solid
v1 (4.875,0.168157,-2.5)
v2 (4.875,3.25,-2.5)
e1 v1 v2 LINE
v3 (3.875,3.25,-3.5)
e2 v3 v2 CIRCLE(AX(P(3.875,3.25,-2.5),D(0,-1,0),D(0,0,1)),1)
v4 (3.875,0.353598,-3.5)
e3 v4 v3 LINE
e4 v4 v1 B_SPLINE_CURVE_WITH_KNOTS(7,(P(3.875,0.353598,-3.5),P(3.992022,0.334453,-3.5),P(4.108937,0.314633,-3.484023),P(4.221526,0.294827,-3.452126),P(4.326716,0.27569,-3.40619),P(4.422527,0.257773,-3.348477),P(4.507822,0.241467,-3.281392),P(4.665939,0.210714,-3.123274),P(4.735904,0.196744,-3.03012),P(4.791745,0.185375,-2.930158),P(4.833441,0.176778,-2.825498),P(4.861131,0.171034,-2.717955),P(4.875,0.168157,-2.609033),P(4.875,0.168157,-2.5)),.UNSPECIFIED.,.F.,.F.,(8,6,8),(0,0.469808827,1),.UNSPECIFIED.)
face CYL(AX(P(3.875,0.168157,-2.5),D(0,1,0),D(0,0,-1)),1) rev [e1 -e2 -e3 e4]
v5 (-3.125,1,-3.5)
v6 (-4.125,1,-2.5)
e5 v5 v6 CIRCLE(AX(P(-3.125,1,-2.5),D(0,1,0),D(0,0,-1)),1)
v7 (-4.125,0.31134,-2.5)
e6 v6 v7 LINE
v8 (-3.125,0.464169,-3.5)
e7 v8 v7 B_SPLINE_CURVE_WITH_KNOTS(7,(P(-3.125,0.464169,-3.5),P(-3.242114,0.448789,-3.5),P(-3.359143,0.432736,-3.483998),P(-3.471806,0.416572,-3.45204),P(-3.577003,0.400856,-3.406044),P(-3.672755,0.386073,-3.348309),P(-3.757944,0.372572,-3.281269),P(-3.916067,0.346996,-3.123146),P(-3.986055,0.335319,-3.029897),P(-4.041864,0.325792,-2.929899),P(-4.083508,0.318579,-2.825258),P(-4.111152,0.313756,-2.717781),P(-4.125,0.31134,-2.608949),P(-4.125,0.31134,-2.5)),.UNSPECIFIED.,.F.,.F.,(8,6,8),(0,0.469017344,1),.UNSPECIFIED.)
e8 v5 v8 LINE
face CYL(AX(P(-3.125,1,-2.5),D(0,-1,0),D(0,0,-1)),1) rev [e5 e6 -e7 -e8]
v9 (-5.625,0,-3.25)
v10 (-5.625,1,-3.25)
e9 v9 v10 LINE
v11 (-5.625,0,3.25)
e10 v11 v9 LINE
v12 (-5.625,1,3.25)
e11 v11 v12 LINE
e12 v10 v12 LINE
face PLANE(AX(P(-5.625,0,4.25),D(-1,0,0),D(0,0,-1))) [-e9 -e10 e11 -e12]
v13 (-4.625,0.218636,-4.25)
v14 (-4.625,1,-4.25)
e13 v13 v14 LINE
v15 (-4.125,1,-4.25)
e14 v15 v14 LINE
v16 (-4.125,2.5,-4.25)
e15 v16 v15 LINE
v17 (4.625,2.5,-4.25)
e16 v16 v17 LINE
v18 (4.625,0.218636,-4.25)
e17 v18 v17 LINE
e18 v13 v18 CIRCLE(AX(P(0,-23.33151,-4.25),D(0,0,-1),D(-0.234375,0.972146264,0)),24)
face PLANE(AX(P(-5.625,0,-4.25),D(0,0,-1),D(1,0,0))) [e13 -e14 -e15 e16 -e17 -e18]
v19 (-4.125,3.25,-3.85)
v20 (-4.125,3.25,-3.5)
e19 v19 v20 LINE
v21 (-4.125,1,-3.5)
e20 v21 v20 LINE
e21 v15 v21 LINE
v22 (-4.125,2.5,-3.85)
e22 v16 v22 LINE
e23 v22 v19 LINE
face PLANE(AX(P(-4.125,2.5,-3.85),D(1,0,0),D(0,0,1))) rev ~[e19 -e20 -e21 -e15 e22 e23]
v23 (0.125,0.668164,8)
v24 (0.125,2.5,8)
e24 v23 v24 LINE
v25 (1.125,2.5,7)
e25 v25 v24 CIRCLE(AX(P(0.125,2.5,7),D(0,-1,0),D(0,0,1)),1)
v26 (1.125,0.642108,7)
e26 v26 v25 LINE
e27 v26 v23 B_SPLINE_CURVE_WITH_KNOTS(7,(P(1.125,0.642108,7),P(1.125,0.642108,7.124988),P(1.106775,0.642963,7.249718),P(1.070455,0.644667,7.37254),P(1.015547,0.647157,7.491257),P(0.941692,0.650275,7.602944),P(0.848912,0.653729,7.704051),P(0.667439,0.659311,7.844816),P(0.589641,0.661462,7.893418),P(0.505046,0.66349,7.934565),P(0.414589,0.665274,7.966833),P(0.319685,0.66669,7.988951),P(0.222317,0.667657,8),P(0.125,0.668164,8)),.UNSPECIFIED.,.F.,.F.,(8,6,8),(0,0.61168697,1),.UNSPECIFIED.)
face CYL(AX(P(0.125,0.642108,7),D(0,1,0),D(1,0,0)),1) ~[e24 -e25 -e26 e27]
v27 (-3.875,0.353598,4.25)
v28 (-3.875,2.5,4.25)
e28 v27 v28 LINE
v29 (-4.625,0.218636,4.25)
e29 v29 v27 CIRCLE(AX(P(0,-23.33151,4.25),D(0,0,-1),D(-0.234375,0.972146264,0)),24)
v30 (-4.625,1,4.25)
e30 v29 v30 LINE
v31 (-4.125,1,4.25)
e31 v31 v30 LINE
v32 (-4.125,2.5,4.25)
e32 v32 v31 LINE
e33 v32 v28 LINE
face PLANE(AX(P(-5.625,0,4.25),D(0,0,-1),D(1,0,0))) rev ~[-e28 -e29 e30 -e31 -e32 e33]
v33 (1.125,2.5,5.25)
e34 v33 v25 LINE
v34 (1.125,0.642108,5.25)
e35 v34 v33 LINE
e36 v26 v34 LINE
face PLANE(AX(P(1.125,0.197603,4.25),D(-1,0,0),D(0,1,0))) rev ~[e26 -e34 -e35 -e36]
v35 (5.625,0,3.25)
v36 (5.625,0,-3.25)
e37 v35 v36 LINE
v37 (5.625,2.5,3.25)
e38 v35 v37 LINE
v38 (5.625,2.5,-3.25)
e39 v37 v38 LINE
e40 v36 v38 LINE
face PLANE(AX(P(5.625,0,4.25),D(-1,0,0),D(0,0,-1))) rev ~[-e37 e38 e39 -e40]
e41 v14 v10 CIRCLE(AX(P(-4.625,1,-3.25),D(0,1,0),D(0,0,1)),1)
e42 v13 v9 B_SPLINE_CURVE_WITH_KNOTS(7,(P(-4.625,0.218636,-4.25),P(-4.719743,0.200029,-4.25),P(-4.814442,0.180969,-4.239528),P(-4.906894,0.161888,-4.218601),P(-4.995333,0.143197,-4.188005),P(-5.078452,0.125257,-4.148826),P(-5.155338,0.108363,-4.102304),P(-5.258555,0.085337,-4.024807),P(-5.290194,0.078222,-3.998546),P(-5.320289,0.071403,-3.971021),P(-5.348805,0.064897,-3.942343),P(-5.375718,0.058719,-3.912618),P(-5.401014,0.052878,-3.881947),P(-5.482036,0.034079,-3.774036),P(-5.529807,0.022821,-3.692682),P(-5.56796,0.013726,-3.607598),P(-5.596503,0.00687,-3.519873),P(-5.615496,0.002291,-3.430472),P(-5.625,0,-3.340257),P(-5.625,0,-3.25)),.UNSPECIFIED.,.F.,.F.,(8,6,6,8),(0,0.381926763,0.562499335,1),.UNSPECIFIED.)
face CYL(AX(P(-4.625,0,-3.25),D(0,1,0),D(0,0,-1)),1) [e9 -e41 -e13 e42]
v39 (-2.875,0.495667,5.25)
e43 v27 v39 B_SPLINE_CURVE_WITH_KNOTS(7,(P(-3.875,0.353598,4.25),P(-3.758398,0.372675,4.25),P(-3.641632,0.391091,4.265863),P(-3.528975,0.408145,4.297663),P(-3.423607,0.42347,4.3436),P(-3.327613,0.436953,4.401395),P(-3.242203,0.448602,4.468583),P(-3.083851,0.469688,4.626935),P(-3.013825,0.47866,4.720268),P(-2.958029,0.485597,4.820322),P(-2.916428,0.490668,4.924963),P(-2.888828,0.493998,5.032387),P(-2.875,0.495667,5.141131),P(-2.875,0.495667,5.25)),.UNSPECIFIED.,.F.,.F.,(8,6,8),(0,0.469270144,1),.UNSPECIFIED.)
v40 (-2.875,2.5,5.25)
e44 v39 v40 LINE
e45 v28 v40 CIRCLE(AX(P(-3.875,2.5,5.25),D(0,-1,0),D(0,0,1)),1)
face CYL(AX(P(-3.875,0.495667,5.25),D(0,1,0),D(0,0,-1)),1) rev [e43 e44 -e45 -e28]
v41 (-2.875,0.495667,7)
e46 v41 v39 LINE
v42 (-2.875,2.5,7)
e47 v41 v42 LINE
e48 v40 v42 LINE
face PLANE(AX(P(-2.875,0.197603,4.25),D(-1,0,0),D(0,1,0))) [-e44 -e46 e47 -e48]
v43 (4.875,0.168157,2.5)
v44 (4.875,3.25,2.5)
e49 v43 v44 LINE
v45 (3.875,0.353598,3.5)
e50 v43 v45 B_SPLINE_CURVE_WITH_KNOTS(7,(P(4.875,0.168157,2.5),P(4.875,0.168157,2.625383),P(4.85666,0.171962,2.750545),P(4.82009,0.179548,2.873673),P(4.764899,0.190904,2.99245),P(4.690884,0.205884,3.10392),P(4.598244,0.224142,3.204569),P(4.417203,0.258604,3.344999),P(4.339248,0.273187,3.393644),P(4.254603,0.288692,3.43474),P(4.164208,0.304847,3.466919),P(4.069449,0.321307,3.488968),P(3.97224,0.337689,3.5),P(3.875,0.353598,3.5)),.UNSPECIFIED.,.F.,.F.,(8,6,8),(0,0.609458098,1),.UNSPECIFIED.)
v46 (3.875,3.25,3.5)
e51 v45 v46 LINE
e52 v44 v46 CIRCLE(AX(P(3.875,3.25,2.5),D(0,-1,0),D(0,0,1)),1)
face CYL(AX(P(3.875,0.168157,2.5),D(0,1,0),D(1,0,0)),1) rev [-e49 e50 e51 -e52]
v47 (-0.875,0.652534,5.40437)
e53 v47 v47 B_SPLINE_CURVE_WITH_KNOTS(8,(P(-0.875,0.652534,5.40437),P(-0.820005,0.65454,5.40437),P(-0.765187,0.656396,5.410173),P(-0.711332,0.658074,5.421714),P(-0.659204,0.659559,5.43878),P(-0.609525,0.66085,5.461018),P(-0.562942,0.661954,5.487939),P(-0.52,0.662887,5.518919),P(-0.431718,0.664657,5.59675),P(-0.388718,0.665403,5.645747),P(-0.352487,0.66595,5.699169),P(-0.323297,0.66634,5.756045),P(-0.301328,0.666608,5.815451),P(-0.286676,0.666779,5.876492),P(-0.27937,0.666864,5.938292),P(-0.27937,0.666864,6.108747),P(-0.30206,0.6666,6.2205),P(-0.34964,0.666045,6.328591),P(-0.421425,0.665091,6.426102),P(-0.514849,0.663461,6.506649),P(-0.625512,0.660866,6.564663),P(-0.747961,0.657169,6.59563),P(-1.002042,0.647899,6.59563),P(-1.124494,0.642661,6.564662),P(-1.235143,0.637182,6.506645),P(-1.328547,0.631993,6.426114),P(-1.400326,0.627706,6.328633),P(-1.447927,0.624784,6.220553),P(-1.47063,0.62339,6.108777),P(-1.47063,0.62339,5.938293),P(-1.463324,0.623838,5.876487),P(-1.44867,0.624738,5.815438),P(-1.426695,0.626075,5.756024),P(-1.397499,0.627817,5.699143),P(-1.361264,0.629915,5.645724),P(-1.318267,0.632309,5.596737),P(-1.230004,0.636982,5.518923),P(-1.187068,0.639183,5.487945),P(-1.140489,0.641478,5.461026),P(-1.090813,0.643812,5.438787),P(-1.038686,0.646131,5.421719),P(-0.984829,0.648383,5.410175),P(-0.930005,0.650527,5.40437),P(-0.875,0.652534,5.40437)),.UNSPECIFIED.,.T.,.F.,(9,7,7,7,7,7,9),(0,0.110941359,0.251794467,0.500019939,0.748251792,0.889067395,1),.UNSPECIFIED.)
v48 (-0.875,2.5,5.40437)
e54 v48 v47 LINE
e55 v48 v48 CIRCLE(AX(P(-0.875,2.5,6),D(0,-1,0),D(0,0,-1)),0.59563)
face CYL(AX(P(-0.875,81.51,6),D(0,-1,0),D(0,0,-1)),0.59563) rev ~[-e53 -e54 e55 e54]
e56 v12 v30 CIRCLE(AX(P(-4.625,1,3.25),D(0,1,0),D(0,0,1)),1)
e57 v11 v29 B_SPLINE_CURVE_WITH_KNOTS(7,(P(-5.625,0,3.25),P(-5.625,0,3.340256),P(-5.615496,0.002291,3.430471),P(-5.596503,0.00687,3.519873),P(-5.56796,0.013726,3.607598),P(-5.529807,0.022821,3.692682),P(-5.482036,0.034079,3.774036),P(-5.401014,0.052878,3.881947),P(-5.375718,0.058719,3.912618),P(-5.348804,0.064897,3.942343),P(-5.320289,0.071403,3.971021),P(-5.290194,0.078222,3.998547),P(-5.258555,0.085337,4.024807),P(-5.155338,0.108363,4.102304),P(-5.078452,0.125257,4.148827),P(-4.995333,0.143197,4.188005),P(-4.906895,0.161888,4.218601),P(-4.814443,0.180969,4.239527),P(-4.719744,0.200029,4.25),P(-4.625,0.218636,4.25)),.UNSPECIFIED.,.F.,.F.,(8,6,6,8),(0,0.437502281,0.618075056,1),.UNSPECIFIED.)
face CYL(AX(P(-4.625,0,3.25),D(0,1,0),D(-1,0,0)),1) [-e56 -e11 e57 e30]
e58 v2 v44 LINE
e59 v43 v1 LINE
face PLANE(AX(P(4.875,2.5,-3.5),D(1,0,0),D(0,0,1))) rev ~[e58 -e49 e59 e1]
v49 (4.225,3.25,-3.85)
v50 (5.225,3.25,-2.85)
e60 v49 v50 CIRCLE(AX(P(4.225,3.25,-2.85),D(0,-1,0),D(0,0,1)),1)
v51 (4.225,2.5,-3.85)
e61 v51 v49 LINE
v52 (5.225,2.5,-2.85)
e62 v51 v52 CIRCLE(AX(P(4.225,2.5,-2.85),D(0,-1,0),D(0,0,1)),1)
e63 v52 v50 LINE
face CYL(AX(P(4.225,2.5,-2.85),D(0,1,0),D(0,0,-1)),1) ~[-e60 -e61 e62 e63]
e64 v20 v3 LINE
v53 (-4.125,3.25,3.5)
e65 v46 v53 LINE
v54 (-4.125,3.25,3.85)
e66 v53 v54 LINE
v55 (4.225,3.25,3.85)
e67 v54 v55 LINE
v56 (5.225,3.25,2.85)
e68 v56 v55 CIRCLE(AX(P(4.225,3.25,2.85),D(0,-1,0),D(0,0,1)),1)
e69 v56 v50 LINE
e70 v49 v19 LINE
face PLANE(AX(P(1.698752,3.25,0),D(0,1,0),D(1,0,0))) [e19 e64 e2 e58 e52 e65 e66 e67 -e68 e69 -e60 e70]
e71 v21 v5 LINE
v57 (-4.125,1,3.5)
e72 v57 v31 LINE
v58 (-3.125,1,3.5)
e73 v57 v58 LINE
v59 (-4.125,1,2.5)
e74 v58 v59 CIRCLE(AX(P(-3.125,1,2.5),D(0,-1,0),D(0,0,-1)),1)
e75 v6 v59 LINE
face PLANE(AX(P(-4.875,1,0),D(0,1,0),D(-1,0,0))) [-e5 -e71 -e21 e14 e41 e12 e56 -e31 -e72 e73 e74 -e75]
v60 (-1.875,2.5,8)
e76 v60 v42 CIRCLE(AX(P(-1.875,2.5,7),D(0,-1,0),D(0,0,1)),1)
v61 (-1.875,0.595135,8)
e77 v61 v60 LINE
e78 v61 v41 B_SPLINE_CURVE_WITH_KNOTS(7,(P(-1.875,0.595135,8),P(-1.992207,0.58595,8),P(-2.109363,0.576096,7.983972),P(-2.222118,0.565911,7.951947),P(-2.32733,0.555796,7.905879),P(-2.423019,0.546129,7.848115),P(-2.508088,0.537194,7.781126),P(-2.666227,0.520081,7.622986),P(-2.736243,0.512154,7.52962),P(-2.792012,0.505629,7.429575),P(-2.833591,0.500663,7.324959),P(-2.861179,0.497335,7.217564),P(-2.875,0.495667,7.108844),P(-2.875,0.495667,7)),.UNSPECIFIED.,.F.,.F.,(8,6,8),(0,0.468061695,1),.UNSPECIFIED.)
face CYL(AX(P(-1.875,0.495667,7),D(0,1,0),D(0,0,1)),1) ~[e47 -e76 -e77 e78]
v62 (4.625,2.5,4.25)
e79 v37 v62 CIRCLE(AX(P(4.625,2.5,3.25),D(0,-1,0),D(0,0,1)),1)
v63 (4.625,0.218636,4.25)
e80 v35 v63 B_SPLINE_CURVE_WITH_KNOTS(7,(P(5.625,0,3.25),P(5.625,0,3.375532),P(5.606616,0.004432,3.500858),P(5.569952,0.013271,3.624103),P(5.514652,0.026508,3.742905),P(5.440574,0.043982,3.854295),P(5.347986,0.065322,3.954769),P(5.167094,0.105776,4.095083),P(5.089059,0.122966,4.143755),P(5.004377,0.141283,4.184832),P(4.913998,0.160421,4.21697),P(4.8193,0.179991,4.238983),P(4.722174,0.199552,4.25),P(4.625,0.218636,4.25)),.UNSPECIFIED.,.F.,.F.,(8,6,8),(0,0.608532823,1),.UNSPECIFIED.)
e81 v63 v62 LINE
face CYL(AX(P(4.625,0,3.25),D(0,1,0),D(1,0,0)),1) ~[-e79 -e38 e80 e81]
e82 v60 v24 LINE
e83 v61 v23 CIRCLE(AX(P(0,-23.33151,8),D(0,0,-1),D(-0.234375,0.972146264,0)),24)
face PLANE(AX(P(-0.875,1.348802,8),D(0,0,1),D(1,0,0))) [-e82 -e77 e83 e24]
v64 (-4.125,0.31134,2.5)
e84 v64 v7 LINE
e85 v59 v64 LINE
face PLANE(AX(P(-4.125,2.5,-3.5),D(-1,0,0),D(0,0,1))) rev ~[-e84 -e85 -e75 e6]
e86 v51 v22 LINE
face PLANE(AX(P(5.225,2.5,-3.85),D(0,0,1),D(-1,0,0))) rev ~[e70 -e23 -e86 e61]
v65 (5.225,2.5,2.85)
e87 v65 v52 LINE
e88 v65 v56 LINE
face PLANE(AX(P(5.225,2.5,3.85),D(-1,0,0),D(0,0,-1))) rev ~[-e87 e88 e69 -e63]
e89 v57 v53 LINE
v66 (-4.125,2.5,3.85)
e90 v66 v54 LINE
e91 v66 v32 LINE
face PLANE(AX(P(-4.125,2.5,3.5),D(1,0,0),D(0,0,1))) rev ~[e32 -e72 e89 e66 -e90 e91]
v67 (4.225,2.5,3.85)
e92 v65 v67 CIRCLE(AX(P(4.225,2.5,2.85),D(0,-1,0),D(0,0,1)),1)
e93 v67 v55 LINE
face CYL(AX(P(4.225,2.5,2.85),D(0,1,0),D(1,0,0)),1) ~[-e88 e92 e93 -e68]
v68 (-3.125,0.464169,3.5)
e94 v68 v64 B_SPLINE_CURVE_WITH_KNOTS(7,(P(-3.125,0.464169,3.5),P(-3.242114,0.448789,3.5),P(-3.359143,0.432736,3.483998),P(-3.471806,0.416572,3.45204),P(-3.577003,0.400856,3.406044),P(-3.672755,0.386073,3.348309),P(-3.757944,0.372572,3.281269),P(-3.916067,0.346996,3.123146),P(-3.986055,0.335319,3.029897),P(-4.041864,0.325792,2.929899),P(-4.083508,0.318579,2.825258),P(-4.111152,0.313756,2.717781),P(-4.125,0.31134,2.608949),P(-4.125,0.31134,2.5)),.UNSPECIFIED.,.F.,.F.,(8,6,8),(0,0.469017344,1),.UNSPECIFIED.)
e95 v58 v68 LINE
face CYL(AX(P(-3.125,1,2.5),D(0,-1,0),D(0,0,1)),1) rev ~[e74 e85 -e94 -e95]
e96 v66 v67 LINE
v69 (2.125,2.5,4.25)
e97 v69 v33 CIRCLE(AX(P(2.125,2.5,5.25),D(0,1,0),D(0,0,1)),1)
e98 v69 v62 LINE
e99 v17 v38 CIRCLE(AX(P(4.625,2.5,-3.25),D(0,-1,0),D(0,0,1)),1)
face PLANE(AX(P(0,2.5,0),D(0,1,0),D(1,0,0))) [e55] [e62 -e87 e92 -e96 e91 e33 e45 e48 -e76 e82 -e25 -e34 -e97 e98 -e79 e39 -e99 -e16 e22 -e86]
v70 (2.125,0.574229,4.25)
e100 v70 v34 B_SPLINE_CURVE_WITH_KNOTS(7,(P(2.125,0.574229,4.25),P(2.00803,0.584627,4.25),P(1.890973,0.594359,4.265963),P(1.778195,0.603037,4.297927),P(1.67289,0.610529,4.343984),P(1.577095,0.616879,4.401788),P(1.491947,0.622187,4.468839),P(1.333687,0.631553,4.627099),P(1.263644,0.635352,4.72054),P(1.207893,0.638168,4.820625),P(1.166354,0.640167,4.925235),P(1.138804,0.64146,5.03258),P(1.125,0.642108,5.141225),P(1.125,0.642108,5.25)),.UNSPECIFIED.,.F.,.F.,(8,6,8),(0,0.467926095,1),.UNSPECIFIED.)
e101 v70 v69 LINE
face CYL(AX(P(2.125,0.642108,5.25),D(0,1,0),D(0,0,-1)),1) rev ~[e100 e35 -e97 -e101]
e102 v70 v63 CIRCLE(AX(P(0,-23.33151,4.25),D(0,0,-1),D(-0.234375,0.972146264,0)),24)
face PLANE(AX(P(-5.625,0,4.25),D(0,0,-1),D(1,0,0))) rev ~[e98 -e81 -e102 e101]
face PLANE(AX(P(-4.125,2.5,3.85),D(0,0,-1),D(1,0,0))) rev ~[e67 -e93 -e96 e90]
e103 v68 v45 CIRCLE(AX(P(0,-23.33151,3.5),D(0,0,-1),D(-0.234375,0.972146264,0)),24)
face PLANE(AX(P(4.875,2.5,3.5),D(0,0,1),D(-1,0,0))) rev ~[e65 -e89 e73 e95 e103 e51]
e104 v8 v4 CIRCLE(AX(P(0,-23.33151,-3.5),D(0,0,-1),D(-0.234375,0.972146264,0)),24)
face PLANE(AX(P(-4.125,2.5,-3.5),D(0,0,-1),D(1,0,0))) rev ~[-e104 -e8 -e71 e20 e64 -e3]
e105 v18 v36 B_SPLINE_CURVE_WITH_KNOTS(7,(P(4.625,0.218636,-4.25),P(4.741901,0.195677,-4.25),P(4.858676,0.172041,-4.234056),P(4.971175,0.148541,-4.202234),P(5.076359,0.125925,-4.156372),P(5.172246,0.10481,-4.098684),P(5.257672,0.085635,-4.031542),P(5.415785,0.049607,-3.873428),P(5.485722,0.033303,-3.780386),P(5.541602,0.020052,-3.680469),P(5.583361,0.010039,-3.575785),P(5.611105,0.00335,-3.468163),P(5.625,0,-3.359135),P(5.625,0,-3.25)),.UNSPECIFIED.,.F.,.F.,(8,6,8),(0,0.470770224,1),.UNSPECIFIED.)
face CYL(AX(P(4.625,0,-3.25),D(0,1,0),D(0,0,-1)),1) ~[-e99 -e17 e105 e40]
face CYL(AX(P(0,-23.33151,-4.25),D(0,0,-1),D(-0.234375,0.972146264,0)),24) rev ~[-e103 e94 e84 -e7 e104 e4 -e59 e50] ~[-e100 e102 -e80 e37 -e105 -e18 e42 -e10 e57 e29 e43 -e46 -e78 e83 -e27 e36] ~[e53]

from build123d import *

# Parameters (mm, degrees)
SKETCH5_W                 = 11.25
SKETCH5_H                 = 8.5
EXTRUDE4_DEPTH            = 2.5
SKETCH19_W                = 1.5
SKETCH19_H                = 8.5
EXTRUDE12_DEPTH           = 1.5
SKETCH21_W                = 9
SKETCH21_H                = 7
EXTRUDE13_DEPTH           = 3.5
SKETCH22_W                = 4
SKETCH22_H                = 2.302396537
EXTRUDE14_DEPTH           = 3.75
EXTRUDE15_DEPTH           = 0.75
EXTRUDE18_DEPTH           = 13.25
F_0_80_TAPPED_HOLE1_D     = 1.19126
F_0_80_TAPPED_HOLE1_DEPTH = 79.01
F_0_80_TAPPED_HOLE1_TIP   = 0.357890611
FILLET4_R                 = 1


with BuildPart() as part:
    # Sketch5 → Extrude4 (new body)
    with BuildSketch(Plane(origin=(0, 0, 0), x_dir=(1, 0, 0), z_dir=(0, 1, 0))):
        Rectangle(SKETCH5_W, SKETCH5_H)
    extrude(amount=EXTRUDE4_DEPTH)

    # Sketch19 → Extrude12 (cut)
    with BuildSketch(Plane(origin=(0, 2.5, 0), x_dir=(-1, 0, 0), z_dir=(0, 1, 0))):
        with Locations((4.875, 0)):
            Rectangle(SKETCH19_W, SKETCH19_H)
    extrude(amount=-EXTRUDE12_DEPTH, mode=Mode.SUBTRACT)

    # Sketch21 → Extrude13 (cut, through all)
    with BuildSketch(Plane(origin=(0, 2.5, 0), x_dir=(-1, 0, 0), z_dir=(0, 1, 0))):
        with Locations((-0.375, 0)):
            Rectangle(SKETCH21_W, SKETCH21_H)
    extrude(amount=-EXTRUDE13_DEPTH, mode=Mode.SUBTRACT)

    # Sketch22 → Extrude14 (add)
    with BuildSketch(Plane.XY.offset(4.25)):
        with Locations((-0.875, 1.348801732)):
            Rectangle(SKETCH22_W, SKETCH22_H)
    extrude(amount=EXTRUDE14_DEPTH)

    # Sketch24 → Extrude15 (add)
    with BuildSketch(Plane(origin=(0, 2.5, 0), x_dir=(1, 0, 0), z_dir=(0, 1, 0))):
        Polygon((-4.125, 3.85), (-4.125, 3.5), (4.875, 3.5), (4.875, -3.5), (-4.125, -3.5), (-4.125, -3.85), (5.225, -3.85), (5.225, 3.85), align=None)
    extrude(amount=EXTRUDE15_DEPTH)

    # Sketch33 → Extrude18 (cut, through all)
    with BuildSketch(Plane(origin=(0, 0, -4.25), x_dir=(-1, 0, 0), z_dir=(0, 0, -1))):
        with BuildLine():
            Line((38.114202873, -7.832830513), (5.625, 0))
            ThreePointArc((5.625, 0), (0, 0.668489655), (-5.625, 0))
            Line((-5.625, 0), (-38.114202873, -7.832830513))
            Line((-38.114202873, -7.832830513), (-38.114202873, -74.672984228))
            Line((-38.114202873, -74.672984228), (38.114202873, -74.672984228))
            Line((38.114202873, -74.672984228), (38.114202873, -7.832830513))
        make_face()
    extrude(amount=-EXTRUDE18_DEPTH, mode=Mode.SUBTRACT)

    # #0-80 Tapped Hole1
    with Locations(Plane(origin=(-0.875, 2.5, 6), x_dir=(0, 0, 1), z_dir=(0, 1, 0))):
        with Locations((0, 0)):
            Hole(F_0_80_TAPPED_HOLE1_D / 2, depth=F_0_80_TAPPED_HOLE1_DEPTH)
            with Locations((0, 0, -(F_0_80_TAPPED_HOLE1_DEPTH + F_0_80_TAPPED_HOLE1_TIP / 2))):  # 118° drill point
                Cone(0, F_0_80_TAPPED_HOLE1_D / 2, F_0_80_TAPPED_HOLE1_TIP, mode=Mode.SUBTRACT)

    # Fillet4
    fillet4_edges = [part.edges().sort_by_distance(p)[0] for p in [
        (5.625, 1.25, -4.25),
        (5.225, 2.875, -3.85),
        (5.625, 1.25, 4.25),
        (5.225, 2.875, 3.85),
        (4.875, 1.709078603, 3.5),
        (4.875, 1.709078603, -3.5),
        (-4.125, 0.655670027, 3.5),
        (-4.125, 0.655670027, -3.5),
        (-5.625, 0.5, -4.25),
        (-5.625, 0.5, 4.25),
        (-2.875, 1.497833445, 4.25),
        (-2.875, 1.497833445, 8),
        (1.125, 1.571053984, 8),
        (1.125, 1.571053984, 4.25),
    ]]
    fillet(fillet4_edges, radius=FILLET4_R)


solid = part.part
